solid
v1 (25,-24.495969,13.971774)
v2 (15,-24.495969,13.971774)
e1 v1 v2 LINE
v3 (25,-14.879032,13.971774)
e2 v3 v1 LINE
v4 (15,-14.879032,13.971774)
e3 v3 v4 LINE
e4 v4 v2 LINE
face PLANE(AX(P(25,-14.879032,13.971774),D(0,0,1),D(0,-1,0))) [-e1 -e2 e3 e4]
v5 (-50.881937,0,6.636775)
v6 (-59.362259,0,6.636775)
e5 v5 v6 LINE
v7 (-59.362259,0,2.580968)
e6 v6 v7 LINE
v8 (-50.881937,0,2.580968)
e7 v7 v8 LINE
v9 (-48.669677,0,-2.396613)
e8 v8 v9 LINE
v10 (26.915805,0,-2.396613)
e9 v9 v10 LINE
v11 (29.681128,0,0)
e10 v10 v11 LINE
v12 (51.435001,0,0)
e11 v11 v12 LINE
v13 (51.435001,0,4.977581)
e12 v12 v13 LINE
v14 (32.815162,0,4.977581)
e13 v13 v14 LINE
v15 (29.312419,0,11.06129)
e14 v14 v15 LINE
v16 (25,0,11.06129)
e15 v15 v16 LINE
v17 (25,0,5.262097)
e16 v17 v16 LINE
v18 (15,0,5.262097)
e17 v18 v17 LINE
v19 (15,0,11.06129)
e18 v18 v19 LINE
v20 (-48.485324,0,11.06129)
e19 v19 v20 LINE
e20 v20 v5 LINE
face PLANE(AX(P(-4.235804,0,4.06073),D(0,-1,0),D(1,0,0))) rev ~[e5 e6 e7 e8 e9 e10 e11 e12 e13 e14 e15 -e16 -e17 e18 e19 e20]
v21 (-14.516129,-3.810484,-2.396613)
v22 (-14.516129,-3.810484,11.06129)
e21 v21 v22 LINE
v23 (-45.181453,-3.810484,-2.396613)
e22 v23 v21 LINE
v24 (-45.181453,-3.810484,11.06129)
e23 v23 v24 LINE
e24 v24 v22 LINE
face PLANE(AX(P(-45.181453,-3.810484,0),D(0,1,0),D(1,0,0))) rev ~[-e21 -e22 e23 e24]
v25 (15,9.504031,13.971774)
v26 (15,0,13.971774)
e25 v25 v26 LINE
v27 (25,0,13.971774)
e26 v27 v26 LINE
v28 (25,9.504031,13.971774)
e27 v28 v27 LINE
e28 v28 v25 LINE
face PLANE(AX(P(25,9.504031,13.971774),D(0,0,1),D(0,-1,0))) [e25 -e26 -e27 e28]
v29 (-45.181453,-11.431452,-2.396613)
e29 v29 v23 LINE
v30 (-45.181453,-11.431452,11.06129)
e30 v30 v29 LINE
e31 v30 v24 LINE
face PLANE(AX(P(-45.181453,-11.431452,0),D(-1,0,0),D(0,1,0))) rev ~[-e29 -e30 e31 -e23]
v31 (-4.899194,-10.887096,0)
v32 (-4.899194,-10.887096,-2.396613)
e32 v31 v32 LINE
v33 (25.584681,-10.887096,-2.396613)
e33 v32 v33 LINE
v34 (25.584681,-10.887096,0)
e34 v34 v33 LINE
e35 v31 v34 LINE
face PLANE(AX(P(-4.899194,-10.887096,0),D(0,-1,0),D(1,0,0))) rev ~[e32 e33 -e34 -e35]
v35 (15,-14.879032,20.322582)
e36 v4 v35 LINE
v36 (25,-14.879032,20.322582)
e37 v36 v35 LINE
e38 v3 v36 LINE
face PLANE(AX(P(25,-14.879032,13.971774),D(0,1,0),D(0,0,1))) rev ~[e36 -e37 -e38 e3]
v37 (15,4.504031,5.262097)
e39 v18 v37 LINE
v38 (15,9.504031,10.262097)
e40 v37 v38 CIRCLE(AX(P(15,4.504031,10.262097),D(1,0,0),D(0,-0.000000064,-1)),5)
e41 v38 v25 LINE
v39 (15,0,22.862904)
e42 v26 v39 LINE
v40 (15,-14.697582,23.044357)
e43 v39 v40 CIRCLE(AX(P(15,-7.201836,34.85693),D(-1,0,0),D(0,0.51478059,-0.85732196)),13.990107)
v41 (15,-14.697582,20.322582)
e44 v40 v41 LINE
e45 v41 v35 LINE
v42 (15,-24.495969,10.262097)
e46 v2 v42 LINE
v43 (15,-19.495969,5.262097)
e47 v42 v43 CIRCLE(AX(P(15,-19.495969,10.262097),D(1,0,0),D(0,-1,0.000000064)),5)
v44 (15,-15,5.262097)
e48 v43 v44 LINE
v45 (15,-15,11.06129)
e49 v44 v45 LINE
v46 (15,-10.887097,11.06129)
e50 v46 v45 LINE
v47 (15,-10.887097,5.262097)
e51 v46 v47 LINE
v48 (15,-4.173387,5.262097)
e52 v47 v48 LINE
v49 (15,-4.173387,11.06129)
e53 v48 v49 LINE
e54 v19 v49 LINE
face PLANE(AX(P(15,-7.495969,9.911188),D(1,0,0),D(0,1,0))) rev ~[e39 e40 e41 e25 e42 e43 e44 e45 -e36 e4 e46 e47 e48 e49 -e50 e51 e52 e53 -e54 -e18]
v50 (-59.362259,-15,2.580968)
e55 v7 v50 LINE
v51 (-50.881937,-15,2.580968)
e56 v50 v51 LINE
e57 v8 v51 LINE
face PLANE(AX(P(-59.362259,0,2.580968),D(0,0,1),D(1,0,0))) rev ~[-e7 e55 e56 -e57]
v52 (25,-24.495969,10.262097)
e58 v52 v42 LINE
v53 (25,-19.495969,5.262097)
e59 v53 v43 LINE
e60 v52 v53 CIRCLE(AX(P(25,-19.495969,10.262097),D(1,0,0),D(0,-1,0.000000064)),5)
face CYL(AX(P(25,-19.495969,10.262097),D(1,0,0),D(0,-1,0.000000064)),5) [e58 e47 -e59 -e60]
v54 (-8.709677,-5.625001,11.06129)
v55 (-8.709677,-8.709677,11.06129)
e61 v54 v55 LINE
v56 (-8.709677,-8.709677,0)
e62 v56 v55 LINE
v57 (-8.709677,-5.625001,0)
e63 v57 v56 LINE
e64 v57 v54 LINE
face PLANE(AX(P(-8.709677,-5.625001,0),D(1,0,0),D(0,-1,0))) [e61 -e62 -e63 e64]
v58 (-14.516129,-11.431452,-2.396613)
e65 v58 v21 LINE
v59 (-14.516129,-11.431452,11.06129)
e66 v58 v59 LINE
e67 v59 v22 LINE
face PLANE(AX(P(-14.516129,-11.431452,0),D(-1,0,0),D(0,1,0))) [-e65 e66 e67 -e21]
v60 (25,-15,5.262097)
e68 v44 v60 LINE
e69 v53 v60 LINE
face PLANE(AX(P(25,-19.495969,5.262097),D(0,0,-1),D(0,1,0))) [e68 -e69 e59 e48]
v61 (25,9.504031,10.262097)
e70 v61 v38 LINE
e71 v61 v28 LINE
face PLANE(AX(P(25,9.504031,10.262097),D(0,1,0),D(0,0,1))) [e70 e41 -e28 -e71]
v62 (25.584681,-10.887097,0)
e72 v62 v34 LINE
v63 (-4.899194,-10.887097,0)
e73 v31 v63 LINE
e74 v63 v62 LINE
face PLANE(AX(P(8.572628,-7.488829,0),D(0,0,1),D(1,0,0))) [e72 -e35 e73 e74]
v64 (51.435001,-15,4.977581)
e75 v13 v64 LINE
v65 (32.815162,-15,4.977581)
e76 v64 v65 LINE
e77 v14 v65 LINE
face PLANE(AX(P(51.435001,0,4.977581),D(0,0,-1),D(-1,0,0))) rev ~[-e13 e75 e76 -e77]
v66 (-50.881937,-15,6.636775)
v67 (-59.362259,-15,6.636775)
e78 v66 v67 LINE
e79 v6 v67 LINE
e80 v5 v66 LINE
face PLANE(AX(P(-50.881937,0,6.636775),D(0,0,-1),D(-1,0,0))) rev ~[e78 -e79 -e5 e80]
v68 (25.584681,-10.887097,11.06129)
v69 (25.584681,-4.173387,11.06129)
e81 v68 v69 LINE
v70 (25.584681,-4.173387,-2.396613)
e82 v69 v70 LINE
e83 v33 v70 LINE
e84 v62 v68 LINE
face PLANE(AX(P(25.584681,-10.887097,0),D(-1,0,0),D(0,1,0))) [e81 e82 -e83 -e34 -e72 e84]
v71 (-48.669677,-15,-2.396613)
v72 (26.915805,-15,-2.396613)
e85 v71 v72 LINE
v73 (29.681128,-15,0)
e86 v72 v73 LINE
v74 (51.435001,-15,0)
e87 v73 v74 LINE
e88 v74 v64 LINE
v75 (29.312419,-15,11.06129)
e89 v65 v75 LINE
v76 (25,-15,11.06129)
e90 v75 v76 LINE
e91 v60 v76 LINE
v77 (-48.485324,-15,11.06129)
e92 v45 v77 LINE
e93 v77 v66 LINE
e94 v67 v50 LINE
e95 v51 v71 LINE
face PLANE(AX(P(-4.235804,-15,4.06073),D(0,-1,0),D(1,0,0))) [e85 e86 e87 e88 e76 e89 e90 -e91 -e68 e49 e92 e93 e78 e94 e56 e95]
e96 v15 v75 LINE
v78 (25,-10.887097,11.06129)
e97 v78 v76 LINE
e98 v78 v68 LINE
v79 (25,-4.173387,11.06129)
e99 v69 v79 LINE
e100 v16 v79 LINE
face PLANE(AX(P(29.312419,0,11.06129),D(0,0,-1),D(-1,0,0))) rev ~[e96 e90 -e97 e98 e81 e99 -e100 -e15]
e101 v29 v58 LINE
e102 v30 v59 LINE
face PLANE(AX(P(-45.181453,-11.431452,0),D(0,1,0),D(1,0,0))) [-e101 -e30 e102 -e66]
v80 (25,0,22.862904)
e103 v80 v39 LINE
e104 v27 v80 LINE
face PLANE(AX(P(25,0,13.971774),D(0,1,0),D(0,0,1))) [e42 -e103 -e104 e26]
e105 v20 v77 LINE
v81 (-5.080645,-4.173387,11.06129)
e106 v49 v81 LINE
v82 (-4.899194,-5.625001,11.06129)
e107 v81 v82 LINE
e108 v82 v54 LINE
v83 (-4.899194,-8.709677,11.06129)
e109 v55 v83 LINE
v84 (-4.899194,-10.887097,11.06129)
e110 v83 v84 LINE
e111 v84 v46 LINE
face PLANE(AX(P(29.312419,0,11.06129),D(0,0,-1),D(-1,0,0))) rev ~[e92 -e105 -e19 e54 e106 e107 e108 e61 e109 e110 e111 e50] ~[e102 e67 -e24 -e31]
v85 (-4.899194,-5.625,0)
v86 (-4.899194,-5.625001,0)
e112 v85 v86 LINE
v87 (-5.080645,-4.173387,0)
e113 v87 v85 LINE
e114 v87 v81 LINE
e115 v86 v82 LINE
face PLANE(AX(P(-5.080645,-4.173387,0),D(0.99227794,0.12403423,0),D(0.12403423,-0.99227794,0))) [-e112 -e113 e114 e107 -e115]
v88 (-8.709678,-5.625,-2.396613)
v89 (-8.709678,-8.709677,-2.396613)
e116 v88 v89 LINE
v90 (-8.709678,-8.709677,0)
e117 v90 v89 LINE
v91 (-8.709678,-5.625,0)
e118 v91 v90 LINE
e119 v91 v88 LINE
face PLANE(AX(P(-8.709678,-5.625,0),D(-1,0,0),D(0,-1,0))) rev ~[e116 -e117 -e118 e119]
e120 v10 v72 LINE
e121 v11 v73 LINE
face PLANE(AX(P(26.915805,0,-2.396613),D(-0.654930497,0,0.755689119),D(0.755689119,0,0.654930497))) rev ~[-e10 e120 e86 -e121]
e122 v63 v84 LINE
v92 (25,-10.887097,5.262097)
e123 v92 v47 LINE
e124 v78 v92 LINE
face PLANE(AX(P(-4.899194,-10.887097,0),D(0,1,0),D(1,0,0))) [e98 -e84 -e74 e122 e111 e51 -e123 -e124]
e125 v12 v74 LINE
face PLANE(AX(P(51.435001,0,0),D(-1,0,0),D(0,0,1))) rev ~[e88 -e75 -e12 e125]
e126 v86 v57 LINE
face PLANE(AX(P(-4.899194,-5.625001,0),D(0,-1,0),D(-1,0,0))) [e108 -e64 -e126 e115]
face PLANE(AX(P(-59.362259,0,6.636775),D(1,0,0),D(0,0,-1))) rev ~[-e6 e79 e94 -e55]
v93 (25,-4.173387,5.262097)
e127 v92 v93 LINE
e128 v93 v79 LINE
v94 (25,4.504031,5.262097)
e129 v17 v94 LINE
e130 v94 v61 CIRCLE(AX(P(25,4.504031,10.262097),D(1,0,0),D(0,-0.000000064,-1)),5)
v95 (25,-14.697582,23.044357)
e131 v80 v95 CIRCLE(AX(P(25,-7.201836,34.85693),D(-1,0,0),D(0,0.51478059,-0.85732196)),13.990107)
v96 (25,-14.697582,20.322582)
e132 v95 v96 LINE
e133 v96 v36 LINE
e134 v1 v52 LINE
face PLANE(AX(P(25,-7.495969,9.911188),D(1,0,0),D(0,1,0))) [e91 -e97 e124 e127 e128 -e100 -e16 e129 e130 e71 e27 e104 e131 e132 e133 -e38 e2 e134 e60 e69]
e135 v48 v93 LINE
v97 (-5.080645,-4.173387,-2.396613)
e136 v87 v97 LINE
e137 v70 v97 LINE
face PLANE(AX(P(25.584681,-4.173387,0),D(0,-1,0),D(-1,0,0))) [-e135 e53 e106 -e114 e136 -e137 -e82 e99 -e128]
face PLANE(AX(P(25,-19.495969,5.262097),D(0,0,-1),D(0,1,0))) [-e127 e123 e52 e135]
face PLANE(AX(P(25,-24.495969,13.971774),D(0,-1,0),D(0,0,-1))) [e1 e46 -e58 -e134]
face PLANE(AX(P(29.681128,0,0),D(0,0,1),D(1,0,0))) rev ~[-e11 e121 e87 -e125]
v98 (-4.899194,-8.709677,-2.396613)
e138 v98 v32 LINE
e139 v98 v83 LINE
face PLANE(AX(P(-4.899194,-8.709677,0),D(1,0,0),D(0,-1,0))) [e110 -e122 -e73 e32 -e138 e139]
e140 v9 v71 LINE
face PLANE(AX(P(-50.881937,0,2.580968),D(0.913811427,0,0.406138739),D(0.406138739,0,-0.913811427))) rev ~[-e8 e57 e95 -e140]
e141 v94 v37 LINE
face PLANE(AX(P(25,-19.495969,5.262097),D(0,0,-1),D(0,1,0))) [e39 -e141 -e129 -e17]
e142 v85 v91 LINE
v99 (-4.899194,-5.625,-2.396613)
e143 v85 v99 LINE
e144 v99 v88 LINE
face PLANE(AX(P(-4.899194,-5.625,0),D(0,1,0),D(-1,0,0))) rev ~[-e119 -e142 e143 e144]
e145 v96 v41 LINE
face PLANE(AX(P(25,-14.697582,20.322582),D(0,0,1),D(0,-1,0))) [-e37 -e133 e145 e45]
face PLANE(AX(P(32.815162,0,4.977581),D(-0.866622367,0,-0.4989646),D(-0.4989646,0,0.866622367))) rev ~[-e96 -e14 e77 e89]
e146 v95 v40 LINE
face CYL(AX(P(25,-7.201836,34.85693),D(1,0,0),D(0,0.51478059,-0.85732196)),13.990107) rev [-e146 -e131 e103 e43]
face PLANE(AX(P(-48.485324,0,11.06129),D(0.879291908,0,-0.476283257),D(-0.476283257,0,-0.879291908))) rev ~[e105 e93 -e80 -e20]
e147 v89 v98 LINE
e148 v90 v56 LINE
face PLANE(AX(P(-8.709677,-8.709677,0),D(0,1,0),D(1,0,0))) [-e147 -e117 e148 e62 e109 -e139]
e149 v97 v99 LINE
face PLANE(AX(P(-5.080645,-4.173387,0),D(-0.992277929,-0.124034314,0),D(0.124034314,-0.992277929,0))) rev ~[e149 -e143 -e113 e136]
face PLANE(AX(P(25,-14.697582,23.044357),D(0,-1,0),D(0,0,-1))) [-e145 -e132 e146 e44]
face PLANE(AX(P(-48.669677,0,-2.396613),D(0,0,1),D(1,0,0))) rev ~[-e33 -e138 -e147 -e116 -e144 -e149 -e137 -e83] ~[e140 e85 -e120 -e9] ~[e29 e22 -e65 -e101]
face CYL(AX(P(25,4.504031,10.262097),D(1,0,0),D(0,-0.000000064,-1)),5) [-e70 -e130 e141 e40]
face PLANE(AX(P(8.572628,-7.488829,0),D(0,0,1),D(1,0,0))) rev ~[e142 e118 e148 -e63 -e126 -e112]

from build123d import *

# Parameters (mm, degrees)
F1_DEPTH  = 15
F2_W      = 30.665324
F2_H      = 7.620968
F3_DEPTH  = 11.06229
F3_FACE_W = 30.665324
F3_FACE_H = 7.620968
F4_DEPTH  = 2.397613
F6_DEPTH  = 11.06229
F7_DEPTH  = 2.397613
F9_W      = 0.181451
F9_H      = 6.350808
F9_W_2    = 14.697582
F10_DEPTH = 10


with BuildPart() as f1:
    # F0 (on Front) → F1 (new body)
    with BuildSketch(Plane.XZ):
        Polygon((-7.742904, 11.06129), (-48.485324, 11.06129), (-50.881937, 6.636775), (-59.362259, 6.636775), (-59.362259, 2.580968), (-50.881937, 2.580968), (-48.669677, -2.396613), (26.915805, -2.396613), (29.681128, 0), (51.435001, 0), (51.435001, 4.977581), (32.815162, 4.977581), (29.312419, 11.06129), align=None)
    extrude(amount=F1_DEPTH)

    # F2 (on Top) → F3 (cut, through all)
    with BuildSketch(Plane.XY):
        with Locations((-29.848791, -7.620968)):
            Rectangle(F2_W, F2_H)
    extrude(amount=F3_DEPTH, mode=Mode.SUBTRACT)

    # F3_face (on face) → F4 (cut, through all)
    with BuildSketch(Plane(origin=(-29.848791, -7.620968, 0), x_dir=(1, 0, 0), z_dir=(0, 0, 1))):
        Rectangle(F3_FACE_W, F3_FACE_H)
    extrude(amount=-F4_DEPTH, mode=Mode.SUBTRACT)

    # F5 (on Top) → F6 (cut, through all)
    with BuildSketch(Plane.XY):
        Polygon((25.584681, -4.173387), (-5.080645, -4.173387), (-4.899194, -5.625001), (-8.709677, -5.625001), (-8.709677, -8.709677), (-4.899194, -8.709677), (-4.899194, -10.887097), (25.584681, -10.887097), align=None)
    extrude(amount=F6_DEPTH, mode=Mode.SUBTRACT)

    # F6_face (on face) → F7 (cut, through all)
    with BuildSketch(Plane(origin=(9.402687, -7.508796, 0), x_dir=(1, 0, 0), z_dir=(0, 0, 1))):
        Polygon((16.181994, 3.335409), (-14.483332, 3.335409), (-14.301881, 1.883796), (-18.112365, 1.883796), (-18.112365, -1.200881), (-14.301881, -1.200881), (-14.301881, -3.3783), (16.181994, -3.3783), align=None)
    extrude(amount=-F7_DEPTH, mode=Mode.SUBTRACT)

    # F9 (on offset) → F10 (join)
    with BuildSketch(Plane.YZ.offset(25)):
        with BuildLine():
            Line((-14.879033, 13.971774), (-24.495969, 13.971774))
            Line((-24.495969, 13.971774), (-24.495969, 10.262097))
            ThreePointArc((-24.495969, 10.262097), (-23.031503, 6.726563), (-19.495969, 5.262097))
            Line((-19.495969, 5.262097), (4.504031, 5.262097))
            ThreePointArc((4.504031, 5.262097), (8.039565, 6.726563), (9.504031, 10.262097))
            Line((9.504031, 10.262097), (9.504031, 13.971774))
            Line((9.504031, 13.971774), (0, 13.971774))
            Line((0, 13.971774), (-14.697582, 13.971774))
            Line((-14.697582, 13.971774), (-14.879033, 13.971774))
        make_face()
        with Locations((-14.788307, 17.147178)):
            Rectangle(F9_W, F9_H)
        with Locations((-7.348791, 17.147178)):
            Rectangle(F9_W_2, F9_H)
        with BuildLine():
            Line((-14.697582, 23.044357), (-14.697582, 20.322582))
            Line((-14.697582, 20.322582), (0, 20.322582))
            Line((0, 20.322582), (0, 22.862904))
            ThreePointArc((0, 22.862904), (-7.374541, 20.867889), (-14.697582, 23.044357))
        make_face()
    extrude(amount=-F10_DEPTH)


solid = f1.part
